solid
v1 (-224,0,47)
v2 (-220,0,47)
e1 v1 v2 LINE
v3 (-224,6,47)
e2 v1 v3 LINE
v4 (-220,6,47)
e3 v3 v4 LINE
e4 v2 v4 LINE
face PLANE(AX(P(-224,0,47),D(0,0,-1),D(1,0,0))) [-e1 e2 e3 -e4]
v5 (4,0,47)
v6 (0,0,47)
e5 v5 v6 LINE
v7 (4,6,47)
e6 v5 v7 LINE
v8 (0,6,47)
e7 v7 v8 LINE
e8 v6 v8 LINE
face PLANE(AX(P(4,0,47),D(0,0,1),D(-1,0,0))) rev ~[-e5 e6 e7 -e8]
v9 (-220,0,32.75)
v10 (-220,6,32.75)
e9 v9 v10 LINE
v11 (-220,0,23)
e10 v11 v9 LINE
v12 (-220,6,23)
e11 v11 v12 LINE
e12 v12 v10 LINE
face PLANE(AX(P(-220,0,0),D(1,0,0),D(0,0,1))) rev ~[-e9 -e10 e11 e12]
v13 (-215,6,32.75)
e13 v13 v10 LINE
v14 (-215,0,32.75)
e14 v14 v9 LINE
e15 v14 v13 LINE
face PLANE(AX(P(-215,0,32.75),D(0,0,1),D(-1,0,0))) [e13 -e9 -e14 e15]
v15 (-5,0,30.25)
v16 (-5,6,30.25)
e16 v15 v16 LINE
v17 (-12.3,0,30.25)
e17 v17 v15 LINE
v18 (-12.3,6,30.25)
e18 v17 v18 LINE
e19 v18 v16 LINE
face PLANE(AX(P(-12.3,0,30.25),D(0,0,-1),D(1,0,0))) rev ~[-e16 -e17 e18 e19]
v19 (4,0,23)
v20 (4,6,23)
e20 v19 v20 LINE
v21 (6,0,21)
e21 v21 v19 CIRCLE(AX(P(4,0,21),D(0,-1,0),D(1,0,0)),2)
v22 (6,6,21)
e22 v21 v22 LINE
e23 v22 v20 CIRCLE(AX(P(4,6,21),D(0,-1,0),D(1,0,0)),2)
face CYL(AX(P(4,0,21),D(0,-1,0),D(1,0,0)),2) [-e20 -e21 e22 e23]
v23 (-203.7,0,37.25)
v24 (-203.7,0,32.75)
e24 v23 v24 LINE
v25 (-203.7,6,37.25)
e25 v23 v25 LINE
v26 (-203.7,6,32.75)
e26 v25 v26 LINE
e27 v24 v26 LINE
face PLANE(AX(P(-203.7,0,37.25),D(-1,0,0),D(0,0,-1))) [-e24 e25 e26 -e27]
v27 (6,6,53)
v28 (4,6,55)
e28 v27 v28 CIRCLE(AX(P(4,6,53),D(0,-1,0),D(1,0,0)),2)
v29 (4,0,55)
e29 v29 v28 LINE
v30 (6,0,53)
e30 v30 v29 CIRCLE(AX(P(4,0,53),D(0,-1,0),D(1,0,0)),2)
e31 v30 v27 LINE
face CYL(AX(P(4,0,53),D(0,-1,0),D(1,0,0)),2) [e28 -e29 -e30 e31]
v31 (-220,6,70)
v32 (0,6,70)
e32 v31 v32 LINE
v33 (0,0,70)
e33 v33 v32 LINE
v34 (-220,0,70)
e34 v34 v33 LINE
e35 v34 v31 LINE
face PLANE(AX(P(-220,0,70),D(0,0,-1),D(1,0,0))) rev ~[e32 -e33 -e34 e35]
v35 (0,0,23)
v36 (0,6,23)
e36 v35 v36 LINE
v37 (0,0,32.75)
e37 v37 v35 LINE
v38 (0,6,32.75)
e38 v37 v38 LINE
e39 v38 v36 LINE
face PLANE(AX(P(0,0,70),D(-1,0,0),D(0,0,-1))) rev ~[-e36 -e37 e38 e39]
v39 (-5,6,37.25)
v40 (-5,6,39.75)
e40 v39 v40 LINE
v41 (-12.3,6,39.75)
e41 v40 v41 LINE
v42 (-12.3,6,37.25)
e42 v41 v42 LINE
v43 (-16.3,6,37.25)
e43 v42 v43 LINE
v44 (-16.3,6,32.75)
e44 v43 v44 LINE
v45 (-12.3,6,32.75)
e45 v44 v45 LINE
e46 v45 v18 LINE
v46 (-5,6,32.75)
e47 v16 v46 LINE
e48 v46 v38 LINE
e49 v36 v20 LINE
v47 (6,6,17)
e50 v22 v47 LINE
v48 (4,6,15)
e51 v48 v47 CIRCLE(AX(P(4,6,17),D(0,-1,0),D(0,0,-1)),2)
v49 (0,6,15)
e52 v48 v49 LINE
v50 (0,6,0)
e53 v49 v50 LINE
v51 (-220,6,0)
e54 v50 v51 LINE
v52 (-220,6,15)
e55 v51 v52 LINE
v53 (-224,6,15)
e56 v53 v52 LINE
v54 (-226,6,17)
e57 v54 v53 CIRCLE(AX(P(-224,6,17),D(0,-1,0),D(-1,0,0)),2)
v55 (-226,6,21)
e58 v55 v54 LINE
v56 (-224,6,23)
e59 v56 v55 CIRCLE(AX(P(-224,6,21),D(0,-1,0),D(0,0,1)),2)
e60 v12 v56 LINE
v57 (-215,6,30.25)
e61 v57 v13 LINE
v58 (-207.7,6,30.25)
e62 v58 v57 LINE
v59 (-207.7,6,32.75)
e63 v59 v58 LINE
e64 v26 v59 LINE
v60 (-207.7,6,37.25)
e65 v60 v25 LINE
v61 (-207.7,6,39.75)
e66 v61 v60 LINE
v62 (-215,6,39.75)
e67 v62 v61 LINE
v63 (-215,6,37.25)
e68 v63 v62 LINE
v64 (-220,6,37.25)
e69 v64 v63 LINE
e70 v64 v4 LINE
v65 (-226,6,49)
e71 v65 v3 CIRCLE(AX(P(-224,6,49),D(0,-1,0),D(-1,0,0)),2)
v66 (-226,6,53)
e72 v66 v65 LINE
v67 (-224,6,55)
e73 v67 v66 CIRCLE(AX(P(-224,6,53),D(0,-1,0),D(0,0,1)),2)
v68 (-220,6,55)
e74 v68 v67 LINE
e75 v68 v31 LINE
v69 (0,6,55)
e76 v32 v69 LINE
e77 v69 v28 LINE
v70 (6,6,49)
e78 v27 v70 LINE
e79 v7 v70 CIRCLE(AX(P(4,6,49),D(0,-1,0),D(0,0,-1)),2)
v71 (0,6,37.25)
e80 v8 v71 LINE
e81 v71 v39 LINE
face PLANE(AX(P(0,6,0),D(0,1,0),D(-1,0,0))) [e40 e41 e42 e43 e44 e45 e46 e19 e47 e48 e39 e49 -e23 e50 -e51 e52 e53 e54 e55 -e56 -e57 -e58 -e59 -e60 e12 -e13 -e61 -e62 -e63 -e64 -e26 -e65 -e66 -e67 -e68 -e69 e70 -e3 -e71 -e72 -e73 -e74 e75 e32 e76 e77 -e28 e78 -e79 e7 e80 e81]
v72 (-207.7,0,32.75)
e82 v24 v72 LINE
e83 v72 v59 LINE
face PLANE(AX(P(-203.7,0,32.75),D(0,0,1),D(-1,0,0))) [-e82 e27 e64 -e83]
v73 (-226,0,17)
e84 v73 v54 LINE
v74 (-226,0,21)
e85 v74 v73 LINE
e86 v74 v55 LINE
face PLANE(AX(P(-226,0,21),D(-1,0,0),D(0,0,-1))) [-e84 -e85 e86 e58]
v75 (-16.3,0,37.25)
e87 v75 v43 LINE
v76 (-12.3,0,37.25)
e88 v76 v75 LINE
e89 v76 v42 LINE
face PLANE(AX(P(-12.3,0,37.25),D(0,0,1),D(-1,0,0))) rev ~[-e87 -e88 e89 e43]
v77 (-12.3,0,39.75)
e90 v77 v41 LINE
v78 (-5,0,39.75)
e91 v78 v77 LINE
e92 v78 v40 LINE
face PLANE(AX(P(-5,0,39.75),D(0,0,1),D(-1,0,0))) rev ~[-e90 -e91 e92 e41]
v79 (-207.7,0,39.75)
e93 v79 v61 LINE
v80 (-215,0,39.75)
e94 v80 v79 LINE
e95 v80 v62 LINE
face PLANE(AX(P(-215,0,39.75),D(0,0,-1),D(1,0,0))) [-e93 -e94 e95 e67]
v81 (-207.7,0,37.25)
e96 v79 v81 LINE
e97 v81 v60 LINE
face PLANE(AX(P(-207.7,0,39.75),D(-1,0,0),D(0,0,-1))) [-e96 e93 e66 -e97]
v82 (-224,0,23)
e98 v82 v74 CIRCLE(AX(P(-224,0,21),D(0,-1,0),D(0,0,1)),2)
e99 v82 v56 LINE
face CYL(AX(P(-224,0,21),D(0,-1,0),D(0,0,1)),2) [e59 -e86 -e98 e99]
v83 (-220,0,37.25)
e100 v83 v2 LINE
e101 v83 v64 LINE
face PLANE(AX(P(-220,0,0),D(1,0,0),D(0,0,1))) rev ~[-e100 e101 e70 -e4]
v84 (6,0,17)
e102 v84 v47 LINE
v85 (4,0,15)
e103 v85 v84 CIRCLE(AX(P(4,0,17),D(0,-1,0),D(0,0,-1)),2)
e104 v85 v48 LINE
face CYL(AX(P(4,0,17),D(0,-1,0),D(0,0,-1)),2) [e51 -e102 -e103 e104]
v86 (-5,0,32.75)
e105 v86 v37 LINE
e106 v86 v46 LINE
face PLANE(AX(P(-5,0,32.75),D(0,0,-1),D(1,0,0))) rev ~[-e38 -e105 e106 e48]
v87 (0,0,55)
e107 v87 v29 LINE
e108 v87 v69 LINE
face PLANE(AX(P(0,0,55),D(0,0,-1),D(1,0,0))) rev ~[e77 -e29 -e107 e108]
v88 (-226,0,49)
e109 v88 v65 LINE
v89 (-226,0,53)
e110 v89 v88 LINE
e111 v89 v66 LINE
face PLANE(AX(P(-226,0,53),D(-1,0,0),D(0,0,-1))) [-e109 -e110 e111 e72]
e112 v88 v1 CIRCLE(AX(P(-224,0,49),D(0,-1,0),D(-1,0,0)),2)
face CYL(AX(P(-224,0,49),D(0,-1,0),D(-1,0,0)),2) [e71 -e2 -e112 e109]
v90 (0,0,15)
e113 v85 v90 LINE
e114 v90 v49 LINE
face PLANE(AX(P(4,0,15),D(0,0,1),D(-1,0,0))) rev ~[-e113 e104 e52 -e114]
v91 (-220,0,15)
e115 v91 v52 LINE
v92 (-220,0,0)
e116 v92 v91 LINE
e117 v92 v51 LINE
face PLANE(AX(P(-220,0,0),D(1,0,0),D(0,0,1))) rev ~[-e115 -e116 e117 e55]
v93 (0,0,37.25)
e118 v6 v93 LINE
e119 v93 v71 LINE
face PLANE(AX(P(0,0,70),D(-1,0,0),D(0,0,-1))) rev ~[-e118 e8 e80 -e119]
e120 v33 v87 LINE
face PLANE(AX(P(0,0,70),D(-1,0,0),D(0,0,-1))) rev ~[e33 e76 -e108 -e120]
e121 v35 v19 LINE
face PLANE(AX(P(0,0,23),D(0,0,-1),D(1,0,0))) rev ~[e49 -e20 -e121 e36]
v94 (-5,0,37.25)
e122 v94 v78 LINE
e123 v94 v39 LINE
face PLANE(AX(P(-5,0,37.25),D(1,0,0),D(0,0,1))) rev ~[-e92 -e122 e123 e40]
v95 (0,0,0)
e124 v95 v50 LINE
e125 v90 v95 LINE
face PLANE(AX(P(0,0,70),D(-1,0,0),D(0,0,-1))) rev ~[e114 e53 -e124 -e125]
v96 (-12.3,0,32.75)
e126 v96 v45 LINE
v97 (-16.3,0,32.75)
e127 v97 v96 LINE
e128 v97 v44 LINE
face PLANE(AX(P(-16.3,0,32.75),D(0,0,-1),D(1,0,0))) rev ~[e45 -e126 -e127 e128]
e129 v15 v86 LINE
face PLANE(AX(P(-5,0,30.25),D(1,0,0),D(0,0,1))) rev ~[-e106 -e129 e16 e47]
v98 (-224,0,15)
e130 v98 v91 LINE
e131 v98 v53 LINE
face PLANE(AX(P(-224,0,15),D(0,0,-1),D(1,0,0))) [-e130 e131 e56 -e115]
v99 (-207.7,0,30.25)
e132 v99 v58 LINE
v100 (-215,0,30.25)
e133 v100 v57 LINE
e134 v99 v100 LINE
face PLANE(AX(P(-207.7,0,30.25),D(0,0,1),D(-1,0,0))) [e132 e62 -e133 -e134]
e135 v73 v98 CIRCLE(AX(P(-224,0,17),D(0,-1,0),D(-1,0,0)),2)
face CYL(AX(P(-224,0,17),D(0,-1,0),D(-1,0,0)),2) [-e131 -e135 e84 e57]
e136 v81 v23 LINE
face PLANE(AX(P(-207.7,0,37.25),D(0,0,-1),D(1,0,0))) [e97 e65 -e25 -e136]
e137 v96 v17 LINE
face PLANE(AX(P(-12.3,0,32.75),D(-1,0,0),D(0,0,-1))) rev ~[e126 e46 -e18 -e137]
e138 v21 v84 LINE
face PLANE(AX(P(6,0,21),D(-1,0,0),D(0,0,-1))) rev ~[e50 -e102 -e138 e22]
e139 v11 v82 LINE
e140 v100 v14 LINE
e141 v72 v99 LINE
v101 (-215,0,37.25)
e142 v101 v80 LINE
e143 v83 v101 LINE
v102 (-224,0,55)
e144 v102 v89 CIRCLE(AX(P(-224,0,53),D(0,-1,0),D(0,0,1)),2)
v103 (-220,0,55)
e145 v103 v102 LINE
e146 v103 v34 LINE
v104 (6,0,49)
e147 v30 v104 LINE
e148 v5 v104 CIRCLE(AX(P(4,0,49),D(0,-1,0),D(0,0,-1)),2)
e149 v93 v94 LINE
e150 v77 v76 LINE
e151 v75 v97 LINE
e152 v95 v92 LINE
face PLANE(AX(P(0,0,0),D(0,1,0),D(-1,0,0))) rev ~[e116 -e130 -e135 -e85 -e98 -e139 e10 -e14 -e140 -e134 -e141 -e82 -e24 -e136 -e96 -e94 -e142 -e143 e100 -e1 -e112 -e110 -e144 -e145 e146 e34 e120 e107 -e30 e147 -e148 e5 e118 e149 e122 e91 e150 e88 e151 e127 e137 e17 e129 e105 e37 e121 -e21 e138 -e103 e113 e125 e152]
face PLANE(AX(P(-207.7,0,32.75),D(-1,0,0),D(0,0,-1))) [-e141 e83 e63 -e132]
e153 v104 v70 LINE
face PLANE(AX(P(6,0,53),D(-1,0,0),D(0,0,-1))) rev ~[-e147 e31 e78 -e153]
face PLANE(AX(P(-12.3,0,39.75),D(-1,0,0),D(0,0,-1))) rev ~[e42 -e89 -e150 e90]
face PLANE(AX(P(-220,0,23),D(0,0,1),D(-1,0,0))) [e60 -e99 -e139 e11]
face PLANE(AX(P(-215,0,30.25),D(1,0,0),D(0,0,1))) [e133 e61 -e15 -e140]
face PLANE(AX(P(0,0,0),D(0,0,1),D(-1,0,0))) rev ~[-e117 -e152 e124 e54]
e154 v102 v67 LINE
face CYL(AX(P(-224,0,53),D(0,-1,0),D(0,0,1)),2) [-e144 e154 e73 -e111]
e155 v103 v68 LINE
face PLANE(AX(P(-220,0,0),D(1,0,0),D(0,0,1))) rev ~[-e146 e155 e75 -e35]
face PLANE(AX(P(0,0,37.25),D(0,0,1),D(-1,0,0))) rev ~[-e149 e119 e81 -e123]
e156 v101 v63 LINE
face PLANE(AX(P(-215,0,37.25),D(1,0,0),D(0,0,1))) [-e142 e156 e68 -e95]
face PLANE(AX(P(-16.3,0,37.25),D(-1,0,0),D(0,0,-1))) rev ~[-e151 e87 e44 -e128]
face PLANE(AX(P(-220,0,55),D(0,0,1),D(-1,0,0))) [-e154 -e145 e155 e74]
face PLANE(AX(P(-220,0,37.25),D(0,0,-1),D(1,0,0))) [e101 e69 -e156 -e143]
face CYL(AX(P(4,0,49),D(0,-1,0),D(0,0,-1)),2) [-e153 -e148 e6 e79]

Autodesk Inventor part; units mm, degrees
ref_plane "YZ Plane" through (0, 0, 0) normal (1, 0, 0) x (0, 1, 0)
ref_plane "XZ Plane" through (0, 0, 0) normal (0, 1, 0) x (-1, 0, 0)
ref_plane "XY Plane" through (0, 0, 0) normal (0, 0, 1) x (1, 0, 0)
sketch "Sketch1" plane through (0, 0, 0) normal (0, 1, 0) x (-1, 0, 0)
  line L0 (0, 0) -> (220, 0)
  line L1 (220, 0) -> (220, 70)
  line L2 (220, 70) -> (0, 70)
  line L3 (0, 70) -> (0, 0)
  dimension "d11" = 220
  dimension "d16" = 70
extrude "Extrusion3" add sketch "Sketch1" along normal blind 6
sketch "Sketch5" plane through (0, 0, 0) normal (0, -1, 0) x (1, 0, 0)
  line L0 (0, 0) -> (-220, 0) projected
  line L1 (0, 70) -> (0, 0) projected
  line L2 (-220, 70) -> (0, 70) projected
  line L3 (-220, 0) -> (-220, 70) projected
  line L4 (-220, 55) -> (-224, 55)
  line L5 (-226, 53) -> (-226, 49)
  line L6 (-224, 47) -> (-220, 47)
  line L7 (-220, 47) -> (-220, 55)
  line L8 (-220, 23) -> (-224, 23)
  line L9 (-226, 21) -> (-226, 17)
  line L10 (-224, 15) -> (-220, 15)
  line L11 (-220, 15) -> (-220, 23)
  line L12 (0, 55) -> (4, 55)
  line L13 (6, 53) -> (6, 49)
  line L14 (4, 47) -> (0, 47)
  line L15 (0, 47) -> (0, 55)
  line L16 (0, 23) -> (4, 23)
  line L17 (6, 21) -> (6, 17)
  line L18 (4, 15) -> (0, 15)
  line L19 (0, 15) -> (0, 23)
  arc A0 (-224, 55) -> (-226, 53) centre (-224, 53) ccw
  arc A1 (-226, 49) -> (-224, 47) centre (-224, 49) ccw
  arc A2 (-224, 23) -> (-226, 21) centre (-224, 21) ccw
  arc A3 (-226, 17) -> (-224, 15) centre (-224, 17) ccw
  arc A4 (4, 47) -> (6, 49) centre (4, 49) ccw
  arc A5 (6, 53) -> (4, 55) centre (4, 53) ccw
  arc A6 (6, 21) -> (4, 23) centre (4, 21) ccw
  arc A7 (4, 15) -> (6, 17) centre (4, 17) ccw
  dimension "d61" = 2
  dimension "d62" = 8
  dimension "d63" = 8
  dimension "d64" = 6
  dimension "d65" = 15
  dimension "d66" = 15
  dimension "d67" = 6
extrude "Extrusion6" add sketch "Sketch5" against normal blind 6 contours L1 L16 A6 L17 A7 L18 | L10 A3 L9 A2 L8 L3 | L1 L12 A5 L13 A4 L14 | L6 A1 L5 A0 L4 L3
sketch "Sketch6" plane through (0, 0, 0) normal (0, -1, 0) x (1, 0, 0)
  line L0 (0, 0) -> (-220, 0) projected
  line L1 (-220, 70) -> (0, 70) projected
  line L2 (-220, 23) -> (-220, 47) projected
  line L3 (-110, 70) -> (-110, 0) construction
  line L4 (-203.7, 37.25) -> (-203.7, 32.75)
  line L5 (-220, 32.75) -> (-220, 37.25)
  line L6 (-215, 39.75) -> (-207.7, 39.75)
  line L7 (-207.7, 30.25) -> (-215, 30.25)
  line L8 (-220, 37.25) -> (-215, 37.25)
  line L9 (-207.7, 37.25) -> (-203.7, 37.25)
  line L10 (-203.7, 32.75) -> (-207.7, 32.75)
  line L11 (-215, 32.75) -> (-220, 32.75)
  line L12 (-215, 30.25) -> (-215, 32.75)
  line L13 (-215, 37.25) -> (-215, 39.75)
  line L14 (-207.7, 39.75) -> (-207.7, 37.25)
  line L15 (-207.7, 32.75) -> (-207.7, 30.25)
  line L16 (-16.3, 37.25) -> (-16.3, 32.75)
  line L17 (0, 32.75) -> (0, 37.25)
  line L18 (-5, 39.75) -> (-12.3, 39.75)
  line L19 (-12.3, 30.25) -> (-5, 30.25)
  line L20 (0, 37.25) -> (-5, 37.25)
  line L21 (-12.3, 37.25) -> (-16.3, 37.25)
  line L22 (-16.3, 32.75) -> (-12.3, 32.75)
  line L23 (-5, 32.75) -> (0, 32.75)
  line L24 (-5, 30.25) -> (-5, 32.75)
  line L25 (-5, 37.25) -> (-5, 39.75)
  line L26 (-12.3, 39.75) -> (-12.3, 37.25)
  line L27 (-12.3, 32.75) -> (-12.3, 30.25)
  point P0 (-220, 35)
  point P1 (0, 35)
  dimension "d70" = 2.5
  dimension "d71" = 2.5
  dimension "d72" = 4.5
  dimension "d73" = 5
  dimension "d74" = 7.3
  dimension "d75" = 4
extrude "Extrusion7" cut sketch "Sketch6" against normal blind 6
equation "\"d66\" = d65"
equation "\"d71\" = d70"
properties part number "front_panel_2004_bottom"
